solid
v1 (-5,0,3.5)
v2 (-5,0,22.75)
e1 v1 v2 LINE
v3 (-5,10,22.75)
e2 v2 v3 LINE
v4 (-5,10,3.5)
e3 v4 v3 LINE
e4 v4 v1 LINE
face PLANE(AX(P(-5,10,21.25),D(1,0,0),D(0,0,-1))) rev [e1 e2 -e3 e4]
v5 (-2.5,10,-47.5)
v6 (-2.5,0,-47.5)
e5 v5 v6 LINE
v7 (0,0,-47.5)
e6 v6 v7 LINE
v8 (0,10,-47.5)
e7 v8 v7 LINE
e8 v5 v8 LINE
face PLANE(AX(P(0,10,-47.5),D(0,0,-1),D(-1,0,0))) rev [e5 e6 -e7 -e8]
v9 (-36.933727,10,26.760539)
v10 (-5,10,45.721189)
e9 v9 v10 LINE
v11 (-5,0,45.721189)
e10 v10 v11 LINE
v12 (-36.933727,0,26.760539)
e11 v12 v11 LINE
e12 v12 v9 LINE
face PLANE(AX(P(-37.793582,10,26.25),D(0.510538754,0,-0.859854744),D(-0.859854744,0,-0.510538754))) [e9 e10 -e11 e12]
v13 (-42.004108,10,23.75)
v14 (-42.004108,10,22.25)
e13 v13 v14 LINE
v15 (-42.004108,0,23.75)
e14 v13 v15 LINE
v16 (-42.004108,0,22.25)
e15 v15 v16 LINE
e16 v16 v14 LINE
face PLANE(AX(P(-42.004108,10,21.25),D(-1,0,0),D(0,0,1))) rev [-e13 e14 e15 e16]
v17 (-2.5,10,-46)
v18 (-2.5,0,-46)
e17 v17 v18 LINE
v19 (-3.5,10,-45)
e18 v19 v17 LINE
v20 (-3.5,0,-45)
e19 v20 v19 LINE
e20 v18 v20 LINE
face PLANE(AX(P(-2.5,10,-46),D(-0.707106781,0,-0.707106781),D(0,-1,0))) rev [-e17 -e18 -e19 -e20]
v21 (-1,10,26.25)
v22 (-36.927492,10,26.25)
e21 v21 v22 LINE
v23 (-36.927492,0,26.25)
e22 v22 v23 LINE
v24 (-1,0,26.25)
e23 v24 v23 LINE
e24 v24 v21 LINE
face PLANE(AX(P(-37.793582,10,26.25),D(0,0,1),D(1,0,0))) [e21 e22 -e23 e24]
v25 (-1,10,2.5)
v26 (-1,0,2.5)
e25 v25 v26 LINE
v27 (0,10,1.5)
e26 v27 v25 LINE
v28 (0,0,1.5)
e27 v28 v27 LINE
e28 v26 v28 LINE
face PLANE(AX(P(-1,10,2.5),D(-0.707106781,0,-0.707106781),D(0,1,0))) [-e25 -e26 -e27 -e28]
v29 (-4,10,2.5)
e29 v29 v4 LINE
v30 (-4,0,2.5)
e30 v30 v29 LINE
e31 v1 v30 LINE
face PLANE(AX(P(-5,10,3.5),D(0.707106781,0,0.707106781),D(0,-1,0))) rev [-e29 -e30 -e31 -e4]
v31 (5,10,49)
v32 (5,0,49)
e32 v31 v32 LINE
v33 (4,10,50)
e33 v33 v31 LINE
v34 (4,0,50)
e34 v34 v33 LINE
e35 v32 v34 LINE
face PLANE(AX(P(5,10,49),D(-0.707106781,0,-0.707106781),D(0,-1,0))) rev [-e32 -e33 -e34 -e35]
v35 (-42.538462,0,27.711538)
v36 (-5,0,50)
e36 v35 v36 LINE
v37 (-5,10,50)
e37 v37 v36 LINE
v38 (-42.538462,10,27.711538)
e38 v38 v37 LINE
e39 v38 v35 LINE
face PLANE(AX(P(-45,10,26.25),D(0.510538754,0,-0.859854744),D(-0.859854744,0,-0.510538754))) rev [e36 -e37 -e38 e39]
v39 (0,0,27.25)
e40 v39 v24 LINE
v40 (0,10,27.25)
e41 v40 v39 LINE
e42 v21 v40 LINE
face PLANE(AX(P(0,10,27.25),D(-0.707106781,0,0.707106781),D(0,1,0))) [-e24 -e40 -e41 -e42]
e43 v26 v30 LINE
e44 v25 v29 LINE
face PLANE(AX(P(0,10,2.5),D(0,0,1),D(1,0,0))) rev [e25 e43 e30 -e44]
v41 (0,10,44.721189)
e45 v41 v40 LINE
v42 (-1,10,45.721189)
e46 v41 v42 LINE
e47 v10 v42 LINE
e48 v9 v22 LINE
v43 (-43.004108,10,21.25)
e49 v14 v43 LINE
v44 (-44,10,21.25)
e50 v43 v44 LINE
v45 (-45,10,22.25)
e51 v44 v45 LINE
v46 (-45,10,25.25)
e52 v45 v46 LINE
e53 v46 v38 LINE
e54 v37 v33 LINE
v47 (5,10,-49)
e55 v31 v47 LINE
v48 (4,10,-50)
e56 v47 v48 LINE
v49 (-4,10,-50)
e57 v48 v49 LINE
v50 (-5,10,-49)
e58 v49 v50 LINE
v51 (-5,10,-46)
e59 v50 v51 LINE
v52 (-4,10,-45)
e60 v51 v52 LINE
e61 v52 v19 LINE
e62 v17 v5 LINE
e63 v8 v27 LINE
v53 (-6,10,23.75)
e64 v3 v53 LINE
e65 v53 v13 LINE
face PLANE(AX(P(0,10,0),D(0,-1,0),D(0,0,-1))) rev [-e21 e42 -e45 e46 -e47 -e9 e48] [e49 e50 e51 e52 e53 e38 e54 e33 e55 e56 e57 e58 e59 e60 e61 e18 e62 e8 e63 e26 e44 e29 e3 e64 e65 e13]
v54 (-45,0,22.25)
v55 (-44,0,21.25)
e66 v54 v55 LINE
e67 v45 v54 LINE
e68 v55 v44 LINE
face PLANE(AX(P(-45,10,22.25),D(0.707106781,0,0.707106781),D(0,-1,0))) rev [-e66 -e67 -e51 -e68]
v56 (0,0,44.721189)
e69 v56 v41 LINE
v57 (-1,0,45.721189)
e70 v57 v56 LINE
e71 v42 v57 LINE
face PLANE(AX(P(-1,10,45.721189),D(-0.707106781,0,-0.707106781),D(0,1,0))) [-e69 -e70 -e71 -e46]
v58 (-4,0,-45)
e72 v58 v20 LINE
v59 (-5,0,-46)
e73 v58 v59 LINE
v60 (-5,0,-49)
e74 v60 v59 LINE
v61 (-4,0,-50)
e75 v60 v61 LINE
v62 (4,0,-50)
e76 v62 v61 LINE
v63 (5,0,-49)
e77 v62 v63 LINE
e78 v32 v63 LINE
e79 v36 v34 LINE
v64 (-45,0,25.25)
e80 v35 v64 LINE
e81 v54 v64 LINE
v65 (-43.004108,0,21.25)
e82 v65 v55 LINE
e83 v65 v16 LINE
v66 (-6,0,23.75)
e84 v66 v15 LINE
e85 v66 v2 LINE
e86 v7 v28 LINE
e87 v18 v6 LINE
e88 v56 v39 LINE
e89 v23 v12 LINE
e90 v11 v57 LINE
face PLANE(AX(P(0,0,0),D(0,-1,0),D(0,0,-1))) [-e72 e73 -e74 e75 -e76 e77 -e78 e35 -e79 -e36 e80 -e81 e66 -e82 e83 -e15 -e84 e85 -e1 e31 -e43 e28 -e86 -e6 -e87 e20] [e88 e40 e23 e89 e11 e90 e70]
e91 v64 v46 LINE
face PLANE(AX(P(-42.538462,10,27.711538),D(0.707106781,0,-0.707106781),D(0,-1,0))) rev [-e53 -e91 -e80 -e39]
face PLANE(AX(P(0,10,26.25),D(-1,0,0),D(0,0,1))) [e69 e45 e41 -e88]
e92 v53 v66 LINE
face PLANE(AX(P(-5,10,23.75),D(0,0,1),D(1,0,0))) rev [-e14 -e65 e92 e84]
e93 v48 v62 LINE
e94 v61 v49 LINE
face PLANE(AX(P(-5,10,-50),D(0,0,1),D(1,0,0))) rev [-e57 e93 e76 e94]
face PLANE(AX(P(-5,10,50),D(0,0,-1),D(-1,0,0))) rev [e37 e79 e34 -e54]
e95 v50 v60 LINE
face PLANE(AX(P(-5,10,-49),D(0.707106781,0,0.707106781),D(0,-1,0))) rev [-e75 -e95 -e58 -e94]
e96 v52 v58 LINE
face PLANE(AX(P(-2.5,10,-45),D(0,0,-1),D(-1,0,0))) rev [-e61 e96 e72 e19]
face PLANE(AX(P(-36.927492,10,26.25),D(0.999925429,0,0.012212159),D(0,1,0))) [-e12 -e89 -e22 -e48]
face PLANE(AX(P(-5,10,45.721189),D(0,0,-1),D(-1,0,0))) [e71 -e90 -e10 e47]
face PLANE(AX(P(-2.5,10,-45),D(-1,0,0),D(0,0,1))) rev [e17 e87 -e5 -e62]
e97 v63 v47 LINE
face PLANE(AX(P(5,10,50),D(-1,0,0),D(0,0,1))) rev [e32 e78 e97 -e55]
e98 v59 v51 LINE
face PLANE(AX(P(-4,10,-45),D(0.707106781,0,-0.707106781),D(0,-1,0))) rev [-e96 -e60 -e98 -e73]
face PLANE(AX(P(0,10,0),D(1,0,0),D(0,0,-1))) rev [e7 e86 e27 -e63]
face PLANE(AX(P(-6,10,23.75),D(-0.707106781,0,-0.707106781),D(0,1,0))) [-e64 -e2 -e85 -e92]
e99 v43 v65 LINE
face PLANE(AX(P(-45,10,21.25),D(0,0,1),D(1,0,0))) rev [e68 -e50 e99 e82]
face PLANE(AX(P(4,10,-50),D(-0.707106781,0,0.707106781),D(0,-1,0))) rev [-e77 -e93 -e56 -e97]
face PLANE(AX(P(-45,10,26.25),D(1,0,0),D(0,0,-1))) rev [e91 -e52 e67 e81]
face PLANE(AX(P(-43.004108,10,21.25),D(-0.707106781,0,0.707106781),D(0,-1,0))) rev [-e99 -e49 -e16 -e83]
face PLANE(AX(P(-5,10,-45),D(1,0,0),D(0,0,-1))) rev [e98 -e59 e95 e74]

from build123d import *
from OCP.BRepFilletAPI import BRepFilletAPI_MakeChamfer

# Parameters (mm, degrees)
BOSS_EXTRUDE1_DEPTH = 10
CHAMFER1_SIZE       = 1
CHAMFER1_SIZE2      = 0.866089989
CHAMFER2_SIZE       = 1
CHAMFER2_SIZE2      = 2.862737549


with BuildPart() as part:
    # Sketch1 → Boss-Extrude1 (new body)
    with BuildSketch(Plane(origin=(0, 0, 0), x_dir=(1, 0, 0), z_dir=(0, 1, 0))):
        Polygon((0, 0), (0, 45), (0, 47.5), (-2.5, 47.5), (-2.5, 45), (-5, 45), (-5, 50), (5, 50), (5, -50), (-5, -50), (-45, -26.25), (-45, -21.25), (-42.004108019, -21.25), (-42.004108019, -23.75), (-5, -23.75), (-5, -21.25), (-5, -2.5), (0, -2.5), align=None)
        Polygon((-37.793581703, -26.25), (-5, -45.721189136), (0, -45.721189136), (0, -26.25), align=None, mode=Mode.SUBTRACT)
    extrude(amount=BOSS_EXTRUDE1_DEPTH)

    # Chamfer1
    chamfer1_edges = [part.edges().sort_by_distance(p)[0] for p in [
        (-37.793581703, 5, 26.25),
    ]]
    chamfer1_side = [part.faces().sort_by_distance(p)[0] for p in [
        (-21.396790851, 5, 35.985594568),
    ]]
    chamfer(chamfer1_edges, length=CHAMFER1_SIZE, length2=CHAMFER1_SIZE2, reference=chamfer1_side[0])

    # Chamfer2: one chamfer whose edges measure the first distance from different faces: ONE call of the kernel's chamfer builder (chamfer() names one face for all edges)
    chamfer2_edges_1 = [part.edges().sort_by_distance(p)[0] for p in [
        (5, 5, 50),
        (-45, 5, 21.25),
        (-42.004108019, 5, 21.25),
        (-5, 5, 23.75),
        (-5, 5, 2.5),
        (0, 5, 2.5),
        (-2.5, 5, -45),
        (-5, 5, -45),
        (-5, 5, -50),
        (5, 5, -50),
        (0, 5, 45.721189136),
        (0, 5, 26.25),
    ]]
    chamfer2_edges_2 = [part.edges().sort_by_distance(p)[0] for p in [
        (-45, 5, 26.25),
    ]]
    chamfer2_side_2 = [part.faces().sort_by_distance(p)[0] for p in [
        (-45, 5, 23.75),
    ]]
    chamfer2 = BRepFilletAPI_MakeChamfer(part.part.solid().wrapped)
    for e in chamfer2_edges_1:
        chamfer2.Add(CHAMFER2_SIZE, e.wrapped)
    for e in chamfer2_edges_2:
        chamfer2.Add(CHAMFER2_SIZE, CHAMFER2_SIZE2, e.wrapped, chamfer2_side_2[0].wrapped)  # the first distance lies on this face
    add(Compound.cast(chamfer2.Shape()), mode=Mode.REPLACE)


solid = part.part
